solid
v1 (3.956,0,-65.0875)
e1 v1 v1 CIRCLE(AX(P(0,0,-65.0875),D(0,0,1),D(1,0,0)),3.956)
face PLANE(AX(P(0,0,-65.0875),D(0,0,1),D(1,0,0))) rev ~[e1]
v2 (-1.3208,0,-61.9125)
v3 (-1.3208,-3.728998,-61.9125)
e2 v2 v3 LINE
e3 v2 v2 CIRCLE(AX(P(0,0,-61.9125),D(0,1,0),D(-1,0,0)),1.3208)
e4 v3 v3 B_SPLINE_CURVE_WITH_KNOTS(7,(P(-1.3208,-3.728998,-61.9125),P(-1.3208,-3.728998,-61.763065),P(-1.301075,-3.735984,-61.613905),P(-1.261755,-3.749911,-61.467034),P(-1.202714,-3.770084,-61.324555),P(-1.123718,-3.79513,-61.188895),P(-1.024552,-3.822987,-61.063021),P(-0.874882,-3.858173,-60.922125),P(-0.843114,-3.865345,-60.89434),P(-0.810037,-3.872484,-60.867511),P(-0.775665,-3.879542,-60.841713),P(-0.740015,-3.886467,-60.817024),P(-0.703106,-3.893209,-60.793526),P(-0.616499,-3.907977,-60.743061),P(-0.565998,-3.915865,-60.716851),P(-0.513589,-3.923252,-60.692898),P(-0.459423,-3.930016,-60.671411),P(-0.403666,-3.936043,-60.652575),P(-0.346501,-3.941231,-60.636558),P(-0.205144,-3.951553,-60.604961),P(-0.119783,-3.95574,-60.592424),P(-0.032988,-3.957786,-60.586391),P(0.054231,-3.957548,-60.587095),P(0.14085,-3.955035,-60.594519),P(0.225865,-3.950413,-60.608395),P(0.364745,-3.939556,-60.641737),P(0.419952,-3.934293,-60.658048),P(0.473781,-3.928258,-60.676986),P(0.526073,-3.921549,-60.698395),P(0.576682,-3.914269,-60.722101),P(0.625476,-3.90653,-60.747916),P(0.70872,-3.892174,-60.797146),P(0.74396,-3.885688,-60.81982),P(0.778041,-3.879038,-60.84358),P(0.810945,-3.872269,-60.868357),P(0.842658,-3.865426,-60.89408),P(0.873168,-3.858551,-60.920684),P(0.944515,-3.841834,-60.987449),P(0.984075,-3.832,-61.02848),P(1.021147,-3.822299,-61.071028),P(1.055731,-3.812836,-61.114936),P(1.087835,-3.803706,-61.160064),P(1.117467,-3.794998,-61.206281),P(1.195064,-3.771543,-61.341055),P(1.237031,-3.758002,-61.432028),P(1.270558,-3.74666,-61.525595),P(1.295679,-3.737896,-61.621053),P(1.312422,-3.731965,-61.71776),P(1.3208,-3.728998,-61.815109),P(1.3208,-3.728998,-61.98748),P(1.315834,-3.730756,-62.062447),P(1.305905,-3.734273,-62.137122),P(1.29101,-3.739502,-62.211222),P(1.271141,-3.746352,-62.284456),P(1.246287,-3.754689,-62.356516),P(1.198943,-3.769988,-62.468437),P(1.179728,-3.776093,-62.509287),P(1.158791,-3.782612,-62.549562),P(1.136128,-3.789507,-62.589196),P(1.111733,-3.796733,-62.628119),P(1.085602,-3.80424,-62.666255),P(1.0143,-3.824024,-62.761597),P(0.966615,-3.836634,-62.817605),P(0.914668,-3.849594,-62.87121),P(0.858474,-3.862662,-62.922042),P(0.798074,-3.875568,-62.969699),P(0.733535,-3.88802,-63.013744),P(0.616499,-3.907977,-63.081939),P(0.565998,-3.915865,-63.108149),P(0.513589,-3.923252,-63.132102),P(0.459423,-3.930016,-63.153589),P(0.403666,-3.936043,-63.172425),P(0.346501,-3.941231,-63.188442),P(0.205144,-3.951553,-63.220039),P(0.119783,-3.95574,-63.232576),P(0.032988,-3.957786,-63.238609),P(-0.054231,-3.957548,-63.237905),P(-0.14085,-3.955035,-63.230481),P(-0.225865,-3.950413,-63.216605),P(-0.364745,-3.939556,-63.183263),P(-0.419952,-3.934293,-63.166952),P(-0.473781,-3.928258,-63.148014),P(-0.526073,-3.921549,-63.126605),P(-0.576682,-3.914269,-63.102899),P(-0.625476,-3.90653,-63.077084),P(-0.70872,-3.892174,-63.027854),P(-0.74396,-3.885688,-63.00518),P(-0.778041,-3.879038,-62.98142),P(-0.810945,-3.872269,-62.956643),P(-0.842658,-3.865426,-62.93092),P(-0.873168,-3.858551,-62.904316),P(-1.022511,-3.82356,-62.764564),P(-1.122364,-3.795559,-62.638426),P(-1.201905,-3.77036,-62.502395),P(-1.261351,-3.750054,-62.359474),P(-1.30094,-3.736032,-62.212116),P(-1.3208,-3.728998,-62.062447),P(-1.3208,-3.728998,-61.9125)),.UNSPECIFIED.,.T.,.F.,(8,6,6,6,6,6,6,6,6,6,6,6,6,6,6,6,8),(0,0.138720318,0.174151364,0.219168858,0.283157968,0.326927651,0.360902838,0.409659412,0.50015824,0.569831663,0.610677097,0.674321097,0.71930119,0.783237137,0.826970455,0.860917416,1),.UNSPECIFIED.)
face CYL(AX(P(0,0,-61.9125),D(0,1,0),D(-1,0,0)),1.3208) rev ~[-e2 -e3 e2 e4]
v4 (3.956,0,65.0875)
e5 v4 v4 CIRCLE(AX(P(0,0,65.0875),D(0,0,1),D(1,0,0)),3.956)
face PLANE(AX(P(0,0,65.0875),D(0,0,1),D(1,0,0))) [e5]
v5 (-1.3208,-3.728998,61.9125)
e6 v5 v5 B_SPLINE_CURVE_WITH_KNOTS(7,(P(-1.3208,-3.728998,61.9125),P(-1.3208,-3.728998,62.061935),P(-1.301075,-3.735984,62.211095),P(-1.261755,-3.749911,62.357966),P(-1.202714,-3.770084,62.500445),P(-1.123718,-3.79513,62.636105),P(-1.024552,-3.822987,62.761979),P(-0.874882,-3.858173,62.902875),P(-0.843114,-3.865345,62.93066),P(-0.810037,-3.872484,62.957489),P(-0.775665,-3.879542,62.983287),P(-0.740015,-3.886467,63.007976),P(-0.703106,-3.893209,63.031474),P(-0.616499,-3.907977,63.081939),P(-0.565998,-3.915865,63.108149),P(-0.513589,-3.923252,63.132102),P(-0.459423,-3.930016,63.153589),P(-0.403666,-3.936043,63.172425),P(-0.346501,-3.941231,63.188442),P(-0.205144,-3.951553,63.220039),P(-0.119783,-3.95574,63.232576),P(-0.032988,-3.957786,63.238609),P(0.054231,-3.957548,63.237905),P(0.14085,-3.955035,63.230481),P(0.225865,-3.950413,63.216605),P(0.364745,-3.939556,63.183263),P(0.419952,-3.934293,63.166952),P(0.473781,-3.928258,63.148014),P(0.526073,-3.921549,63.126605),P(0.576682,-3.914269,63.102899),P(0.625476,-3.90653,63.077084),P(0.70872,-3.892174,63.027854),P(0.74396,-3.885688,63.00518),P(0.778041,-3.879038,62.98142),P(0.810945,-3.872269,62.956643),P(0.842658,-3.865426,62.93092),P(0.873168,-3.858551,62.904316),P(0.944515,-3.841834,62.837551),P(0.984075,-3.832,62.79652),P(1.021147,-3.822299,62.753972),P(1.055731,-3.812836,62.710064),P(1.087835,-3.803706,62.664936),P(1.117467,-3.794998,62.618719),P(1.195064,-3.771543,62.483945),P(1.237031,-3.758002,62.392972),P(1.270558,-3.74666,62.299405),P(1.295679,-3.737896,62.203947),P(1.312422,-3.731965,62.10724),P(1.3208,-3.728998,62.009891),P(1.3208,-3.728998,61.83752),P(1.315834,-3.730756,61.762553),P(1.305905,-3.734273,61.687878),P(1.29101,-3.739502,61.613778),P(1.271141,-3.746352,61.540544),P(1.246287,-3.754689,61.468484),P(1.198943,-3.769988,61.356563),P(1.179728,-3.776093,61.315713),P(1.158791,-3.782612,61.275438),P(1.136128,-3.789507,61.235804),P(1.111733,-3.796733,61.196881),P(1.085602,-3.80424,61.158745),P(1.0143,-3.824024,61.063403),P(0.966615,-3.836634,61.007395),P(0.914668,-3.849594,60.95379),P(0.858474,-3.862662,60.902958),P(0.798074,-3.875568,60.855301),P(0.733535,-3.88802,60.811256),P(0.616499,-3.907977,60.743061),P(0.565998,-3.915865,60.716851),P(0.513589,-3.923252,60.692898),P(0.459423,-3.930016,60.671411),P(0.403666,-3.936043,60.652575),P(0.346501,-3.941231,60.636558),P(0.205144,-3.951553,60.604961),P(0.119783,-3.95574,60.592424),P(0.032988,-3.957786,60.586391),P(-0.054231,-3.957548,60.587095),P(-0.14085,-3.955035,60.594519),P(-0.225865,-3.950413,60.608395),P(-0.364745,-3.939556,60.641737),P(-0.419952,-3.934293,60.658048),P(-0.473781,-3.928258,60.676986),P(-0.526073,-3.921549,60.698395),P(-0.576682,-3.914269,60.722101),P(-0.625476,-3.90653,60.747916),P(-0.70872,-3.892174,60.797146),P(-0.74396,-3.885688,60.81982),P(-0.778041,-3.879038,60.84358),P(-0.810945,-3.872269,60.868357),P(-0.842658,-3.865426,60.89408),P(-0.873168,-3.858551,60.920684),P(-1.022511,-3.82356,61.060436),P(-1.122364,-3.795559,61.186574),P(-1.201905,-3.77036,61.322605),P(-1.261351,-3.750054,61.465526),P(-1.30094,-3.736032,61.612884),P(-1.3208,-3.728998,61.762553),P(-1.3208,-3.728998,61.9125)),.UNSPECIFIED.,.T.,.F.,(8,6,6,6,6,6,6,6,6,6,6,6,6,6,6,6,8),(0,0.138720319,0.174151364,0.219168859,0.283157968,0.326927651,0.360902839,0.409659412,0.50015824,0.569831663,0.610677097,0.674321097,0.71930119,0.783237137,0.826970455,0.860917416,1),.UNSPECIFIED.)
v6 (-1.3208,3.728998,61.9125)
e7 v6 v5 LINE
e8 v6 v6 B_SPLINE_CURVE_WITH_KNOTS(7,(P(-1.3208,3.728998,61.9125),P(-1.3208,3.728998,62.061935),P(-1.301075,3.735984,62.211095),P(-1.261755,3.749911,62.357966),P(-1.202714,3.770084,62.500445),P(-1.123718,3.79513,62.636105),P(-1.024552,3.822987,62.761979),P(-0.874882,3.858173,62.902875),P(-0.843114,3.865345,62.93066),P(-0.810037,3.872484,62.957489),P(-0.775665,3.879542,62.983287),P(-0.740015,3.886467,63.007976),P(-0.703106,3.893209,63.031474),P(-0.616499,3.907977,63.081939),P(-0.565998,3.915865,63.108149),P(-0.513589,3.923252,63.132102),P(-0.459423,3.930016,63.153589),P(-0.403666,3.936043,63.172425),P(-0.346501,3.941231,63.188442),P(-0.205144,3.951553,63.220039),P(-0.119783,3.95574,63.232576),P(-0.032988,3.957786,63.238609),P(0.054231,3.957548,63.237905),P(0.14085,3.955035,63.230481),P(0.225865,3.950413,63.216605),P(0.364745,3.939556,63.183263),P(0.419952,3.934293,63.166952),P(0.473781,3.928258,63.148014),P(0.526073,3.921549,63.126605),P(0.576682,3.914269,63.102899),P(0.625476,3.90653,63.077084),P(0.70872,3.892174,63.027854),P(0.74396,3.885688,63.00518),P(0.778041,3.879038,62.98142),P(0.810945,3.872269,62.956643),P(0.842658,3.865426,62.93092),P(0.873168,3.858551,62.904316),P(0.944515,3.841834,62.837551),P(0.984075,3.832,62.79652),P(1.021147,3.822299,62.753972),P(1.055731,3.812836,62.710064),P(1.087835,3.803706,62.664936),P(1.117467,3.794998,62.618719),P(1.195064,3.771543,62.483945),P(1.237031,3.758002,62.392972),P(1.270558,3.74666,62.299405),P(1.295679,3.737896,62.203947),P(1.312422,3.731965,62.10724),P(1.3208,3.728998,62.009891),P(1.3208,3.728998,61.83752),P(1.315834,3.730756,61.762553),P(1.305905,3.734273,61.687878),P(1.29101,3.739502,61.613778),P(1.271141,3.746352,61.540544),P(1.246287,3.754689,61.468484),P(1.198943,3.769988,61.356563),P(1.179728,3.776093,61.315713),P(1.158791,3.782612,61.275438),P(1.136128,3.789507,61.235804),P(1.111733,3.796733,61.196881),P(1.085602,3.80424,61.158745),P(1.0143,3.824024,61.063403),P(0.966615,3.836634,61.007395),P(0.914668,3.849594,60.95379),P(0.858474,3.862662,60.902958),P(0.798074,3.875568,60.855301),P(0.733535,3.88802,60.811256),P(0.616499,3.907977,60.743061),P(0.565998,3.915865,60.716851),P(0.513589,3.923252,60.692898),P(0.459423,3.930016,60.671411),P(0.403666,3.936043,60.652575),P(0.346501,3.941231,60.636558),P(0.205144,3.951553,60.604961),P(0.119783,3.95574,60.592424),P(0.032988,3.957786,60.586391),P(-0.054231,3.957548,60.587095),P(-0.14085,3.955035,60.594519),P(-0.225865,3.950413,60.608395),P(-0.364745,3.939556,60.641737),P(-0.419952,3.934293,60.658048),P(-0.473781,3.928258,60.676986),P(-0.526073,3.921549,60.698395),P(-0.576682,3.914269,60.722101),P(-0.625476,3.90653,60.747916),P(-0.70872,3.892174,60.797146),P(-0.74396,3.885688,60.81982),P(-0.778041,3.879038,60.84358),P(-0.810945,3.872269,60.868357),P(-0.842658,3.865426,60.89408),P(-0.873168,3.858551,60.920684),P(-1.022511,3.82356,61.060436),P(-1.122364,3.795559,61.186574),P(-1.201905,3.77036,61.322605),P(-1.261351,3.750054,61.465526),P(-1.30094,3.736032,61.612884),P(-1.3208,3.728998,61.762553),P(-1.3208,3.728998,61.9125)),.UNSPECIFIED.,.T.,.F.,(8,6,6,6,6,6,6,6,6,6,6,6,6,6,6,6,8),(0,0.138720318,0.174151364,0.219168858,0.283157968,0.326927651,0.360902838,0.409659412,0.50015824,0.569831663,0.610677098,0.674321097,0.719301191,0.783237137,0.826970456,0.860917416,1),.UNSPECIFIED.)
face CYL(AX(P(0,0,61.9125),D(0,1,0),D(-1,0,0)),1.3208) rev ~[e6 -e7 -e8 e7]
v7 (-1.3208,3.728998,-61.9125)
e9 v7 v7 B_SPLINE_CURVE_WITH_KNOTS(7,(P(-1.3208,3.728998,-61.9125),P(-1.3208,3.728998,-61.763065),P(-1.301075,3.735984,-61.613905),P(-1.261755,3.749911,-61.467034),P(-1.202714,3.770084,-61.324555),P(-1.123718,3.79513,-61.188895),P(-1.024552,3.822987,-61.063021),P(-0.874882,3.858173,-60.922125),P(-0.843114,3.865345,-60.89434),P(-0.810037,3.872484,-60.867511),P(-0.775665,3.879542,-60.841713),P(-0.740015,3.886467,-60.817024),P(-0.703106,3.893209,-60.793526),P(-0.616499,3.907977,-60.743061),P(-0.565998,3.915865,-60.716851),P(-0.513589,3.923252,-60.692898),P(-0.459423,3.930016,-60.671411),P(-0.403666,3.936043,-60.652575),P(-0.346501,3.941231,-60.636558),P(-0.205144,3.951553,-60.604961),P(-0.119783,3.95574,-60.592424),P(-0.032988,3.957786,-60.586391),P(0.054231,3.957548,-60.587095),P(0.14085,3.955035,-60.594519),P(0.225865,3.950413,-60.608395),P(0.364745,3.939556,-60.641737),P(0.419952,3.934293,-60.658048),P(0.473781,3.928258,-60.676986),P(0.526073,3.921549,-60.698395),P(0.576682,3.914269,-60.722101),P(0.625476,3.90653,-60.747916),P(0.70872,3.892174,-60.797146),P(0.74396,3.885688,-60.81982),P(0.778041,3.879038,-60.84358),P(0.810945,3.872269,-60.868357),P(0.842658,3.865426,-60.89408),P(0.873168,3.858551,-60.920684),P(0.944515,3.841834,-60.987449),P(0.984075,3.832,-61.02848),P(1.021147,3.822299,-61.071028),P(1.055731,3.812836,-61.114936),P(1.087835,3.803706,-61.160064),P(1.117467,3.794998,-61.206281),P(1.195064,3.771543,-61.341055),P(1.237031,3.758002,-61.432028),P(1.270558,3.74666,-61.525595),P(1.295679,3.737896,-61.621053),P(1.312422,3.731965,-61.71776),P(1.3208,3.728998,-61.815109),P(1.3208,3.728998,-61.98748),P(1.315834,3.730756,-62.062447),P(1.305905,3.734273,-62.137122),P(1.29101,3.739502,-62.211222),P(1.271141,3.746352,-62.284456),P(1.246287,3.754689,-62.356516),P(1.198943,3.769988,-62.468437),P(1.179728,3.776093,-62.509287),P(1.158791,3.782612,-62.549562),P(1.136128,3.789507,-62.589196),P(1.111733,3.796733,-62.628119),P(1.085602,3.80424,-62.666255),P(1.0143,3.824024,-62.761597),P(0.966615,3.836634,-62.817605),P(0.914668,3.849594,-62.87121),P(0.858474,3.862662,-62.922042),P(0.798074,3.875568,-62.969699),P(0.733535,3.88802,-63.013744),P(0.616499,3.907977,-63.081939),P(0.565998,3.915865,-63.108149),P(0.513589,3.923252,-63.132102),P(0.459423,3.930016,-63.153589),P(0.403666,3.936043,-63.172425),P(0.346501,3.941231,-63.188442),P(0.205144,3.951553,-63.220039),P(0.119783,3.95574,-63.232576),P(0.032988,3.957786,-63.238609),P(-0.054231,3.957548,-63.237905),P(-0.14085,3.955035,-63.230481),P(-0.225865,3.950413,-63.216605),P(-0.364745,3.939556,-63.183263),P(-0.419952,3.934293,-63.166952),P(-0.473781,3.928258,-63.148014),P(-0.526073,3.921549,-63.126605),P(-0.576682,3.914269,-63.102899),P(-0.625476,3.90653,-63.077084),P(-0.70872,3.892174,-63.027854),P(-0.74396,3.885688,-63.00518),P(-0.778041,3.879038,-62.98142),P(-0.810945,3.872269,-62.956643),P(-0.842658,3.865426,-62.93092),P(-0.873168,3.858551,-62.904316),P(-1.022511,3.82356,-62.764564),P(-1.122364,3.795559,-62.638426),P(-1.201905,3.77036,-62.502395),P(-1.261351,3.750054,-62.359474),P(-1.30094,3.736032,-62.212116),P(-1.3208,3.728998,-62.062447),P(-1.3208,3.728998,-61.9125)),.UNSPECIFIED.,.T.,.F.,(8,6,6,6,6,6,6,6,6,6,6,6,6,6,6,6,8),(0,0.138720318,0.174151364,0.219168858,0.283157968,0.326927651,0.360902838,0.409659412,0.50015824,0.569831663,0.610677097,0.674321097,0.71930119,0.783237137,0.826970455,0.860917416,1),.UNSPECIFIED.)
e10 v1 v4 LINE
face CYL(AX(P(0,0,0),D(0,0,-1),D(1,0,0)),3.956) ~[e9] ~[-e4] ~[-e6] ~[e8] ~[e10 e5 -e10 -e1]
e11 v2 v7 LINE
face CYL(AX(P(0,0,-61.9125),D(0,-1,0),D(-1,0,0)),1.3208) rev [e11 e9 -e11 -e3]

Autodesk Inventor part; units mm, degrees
ref_plane "YZ Plane" through (0, 0, 0) normal (1, 0, 0) x (0, 1, 0)
ref_plane "XZ Plane" through (0, 0, 0) normal (0, 1, 0) x (-1, 0, 0)
ref_plane "XY Plane" through (0, 0, 0) normal (0, 0, 1) x (1, 0, 0)
sketch "Sketch1" plane through (0, 0, 0) normal (0, 0, 1) x (1, 0, 0)
  circle A0 centre (0, 0) radius 3.956
  dimension "d0" = 7.9121
extrude "Extrusion1" add sketch "Sketch1" along normal mid plane 130.175
sketch "Sketch2" plane through (0, 0, 0) normal (0, 1, 0) x (-1, 0, 0)
  circle A0 centre (0, -61.9125) radius 1.3208
  circle A1 centre (0, 61.9125) radius 1.3208
  line L0 (-3.956, -65.0875) -> (3.956, -65.0875) projected
  line L1 (3.956, 65.0875) -> (-3.956, 65.0875) projected
  point P0 (0, 0)
  dimension "d3" = 2.6416
  dimension "d4" = 2.6416
  dimension "d9" = 3.175
  dimension "d10" = 3.175
extrude "Extrusion2" cut sketch "Sketch2" along normal through all both and the other way through all
properties part number "VS-007 (HANDLE ROD)" material "Steel, Alloy"
